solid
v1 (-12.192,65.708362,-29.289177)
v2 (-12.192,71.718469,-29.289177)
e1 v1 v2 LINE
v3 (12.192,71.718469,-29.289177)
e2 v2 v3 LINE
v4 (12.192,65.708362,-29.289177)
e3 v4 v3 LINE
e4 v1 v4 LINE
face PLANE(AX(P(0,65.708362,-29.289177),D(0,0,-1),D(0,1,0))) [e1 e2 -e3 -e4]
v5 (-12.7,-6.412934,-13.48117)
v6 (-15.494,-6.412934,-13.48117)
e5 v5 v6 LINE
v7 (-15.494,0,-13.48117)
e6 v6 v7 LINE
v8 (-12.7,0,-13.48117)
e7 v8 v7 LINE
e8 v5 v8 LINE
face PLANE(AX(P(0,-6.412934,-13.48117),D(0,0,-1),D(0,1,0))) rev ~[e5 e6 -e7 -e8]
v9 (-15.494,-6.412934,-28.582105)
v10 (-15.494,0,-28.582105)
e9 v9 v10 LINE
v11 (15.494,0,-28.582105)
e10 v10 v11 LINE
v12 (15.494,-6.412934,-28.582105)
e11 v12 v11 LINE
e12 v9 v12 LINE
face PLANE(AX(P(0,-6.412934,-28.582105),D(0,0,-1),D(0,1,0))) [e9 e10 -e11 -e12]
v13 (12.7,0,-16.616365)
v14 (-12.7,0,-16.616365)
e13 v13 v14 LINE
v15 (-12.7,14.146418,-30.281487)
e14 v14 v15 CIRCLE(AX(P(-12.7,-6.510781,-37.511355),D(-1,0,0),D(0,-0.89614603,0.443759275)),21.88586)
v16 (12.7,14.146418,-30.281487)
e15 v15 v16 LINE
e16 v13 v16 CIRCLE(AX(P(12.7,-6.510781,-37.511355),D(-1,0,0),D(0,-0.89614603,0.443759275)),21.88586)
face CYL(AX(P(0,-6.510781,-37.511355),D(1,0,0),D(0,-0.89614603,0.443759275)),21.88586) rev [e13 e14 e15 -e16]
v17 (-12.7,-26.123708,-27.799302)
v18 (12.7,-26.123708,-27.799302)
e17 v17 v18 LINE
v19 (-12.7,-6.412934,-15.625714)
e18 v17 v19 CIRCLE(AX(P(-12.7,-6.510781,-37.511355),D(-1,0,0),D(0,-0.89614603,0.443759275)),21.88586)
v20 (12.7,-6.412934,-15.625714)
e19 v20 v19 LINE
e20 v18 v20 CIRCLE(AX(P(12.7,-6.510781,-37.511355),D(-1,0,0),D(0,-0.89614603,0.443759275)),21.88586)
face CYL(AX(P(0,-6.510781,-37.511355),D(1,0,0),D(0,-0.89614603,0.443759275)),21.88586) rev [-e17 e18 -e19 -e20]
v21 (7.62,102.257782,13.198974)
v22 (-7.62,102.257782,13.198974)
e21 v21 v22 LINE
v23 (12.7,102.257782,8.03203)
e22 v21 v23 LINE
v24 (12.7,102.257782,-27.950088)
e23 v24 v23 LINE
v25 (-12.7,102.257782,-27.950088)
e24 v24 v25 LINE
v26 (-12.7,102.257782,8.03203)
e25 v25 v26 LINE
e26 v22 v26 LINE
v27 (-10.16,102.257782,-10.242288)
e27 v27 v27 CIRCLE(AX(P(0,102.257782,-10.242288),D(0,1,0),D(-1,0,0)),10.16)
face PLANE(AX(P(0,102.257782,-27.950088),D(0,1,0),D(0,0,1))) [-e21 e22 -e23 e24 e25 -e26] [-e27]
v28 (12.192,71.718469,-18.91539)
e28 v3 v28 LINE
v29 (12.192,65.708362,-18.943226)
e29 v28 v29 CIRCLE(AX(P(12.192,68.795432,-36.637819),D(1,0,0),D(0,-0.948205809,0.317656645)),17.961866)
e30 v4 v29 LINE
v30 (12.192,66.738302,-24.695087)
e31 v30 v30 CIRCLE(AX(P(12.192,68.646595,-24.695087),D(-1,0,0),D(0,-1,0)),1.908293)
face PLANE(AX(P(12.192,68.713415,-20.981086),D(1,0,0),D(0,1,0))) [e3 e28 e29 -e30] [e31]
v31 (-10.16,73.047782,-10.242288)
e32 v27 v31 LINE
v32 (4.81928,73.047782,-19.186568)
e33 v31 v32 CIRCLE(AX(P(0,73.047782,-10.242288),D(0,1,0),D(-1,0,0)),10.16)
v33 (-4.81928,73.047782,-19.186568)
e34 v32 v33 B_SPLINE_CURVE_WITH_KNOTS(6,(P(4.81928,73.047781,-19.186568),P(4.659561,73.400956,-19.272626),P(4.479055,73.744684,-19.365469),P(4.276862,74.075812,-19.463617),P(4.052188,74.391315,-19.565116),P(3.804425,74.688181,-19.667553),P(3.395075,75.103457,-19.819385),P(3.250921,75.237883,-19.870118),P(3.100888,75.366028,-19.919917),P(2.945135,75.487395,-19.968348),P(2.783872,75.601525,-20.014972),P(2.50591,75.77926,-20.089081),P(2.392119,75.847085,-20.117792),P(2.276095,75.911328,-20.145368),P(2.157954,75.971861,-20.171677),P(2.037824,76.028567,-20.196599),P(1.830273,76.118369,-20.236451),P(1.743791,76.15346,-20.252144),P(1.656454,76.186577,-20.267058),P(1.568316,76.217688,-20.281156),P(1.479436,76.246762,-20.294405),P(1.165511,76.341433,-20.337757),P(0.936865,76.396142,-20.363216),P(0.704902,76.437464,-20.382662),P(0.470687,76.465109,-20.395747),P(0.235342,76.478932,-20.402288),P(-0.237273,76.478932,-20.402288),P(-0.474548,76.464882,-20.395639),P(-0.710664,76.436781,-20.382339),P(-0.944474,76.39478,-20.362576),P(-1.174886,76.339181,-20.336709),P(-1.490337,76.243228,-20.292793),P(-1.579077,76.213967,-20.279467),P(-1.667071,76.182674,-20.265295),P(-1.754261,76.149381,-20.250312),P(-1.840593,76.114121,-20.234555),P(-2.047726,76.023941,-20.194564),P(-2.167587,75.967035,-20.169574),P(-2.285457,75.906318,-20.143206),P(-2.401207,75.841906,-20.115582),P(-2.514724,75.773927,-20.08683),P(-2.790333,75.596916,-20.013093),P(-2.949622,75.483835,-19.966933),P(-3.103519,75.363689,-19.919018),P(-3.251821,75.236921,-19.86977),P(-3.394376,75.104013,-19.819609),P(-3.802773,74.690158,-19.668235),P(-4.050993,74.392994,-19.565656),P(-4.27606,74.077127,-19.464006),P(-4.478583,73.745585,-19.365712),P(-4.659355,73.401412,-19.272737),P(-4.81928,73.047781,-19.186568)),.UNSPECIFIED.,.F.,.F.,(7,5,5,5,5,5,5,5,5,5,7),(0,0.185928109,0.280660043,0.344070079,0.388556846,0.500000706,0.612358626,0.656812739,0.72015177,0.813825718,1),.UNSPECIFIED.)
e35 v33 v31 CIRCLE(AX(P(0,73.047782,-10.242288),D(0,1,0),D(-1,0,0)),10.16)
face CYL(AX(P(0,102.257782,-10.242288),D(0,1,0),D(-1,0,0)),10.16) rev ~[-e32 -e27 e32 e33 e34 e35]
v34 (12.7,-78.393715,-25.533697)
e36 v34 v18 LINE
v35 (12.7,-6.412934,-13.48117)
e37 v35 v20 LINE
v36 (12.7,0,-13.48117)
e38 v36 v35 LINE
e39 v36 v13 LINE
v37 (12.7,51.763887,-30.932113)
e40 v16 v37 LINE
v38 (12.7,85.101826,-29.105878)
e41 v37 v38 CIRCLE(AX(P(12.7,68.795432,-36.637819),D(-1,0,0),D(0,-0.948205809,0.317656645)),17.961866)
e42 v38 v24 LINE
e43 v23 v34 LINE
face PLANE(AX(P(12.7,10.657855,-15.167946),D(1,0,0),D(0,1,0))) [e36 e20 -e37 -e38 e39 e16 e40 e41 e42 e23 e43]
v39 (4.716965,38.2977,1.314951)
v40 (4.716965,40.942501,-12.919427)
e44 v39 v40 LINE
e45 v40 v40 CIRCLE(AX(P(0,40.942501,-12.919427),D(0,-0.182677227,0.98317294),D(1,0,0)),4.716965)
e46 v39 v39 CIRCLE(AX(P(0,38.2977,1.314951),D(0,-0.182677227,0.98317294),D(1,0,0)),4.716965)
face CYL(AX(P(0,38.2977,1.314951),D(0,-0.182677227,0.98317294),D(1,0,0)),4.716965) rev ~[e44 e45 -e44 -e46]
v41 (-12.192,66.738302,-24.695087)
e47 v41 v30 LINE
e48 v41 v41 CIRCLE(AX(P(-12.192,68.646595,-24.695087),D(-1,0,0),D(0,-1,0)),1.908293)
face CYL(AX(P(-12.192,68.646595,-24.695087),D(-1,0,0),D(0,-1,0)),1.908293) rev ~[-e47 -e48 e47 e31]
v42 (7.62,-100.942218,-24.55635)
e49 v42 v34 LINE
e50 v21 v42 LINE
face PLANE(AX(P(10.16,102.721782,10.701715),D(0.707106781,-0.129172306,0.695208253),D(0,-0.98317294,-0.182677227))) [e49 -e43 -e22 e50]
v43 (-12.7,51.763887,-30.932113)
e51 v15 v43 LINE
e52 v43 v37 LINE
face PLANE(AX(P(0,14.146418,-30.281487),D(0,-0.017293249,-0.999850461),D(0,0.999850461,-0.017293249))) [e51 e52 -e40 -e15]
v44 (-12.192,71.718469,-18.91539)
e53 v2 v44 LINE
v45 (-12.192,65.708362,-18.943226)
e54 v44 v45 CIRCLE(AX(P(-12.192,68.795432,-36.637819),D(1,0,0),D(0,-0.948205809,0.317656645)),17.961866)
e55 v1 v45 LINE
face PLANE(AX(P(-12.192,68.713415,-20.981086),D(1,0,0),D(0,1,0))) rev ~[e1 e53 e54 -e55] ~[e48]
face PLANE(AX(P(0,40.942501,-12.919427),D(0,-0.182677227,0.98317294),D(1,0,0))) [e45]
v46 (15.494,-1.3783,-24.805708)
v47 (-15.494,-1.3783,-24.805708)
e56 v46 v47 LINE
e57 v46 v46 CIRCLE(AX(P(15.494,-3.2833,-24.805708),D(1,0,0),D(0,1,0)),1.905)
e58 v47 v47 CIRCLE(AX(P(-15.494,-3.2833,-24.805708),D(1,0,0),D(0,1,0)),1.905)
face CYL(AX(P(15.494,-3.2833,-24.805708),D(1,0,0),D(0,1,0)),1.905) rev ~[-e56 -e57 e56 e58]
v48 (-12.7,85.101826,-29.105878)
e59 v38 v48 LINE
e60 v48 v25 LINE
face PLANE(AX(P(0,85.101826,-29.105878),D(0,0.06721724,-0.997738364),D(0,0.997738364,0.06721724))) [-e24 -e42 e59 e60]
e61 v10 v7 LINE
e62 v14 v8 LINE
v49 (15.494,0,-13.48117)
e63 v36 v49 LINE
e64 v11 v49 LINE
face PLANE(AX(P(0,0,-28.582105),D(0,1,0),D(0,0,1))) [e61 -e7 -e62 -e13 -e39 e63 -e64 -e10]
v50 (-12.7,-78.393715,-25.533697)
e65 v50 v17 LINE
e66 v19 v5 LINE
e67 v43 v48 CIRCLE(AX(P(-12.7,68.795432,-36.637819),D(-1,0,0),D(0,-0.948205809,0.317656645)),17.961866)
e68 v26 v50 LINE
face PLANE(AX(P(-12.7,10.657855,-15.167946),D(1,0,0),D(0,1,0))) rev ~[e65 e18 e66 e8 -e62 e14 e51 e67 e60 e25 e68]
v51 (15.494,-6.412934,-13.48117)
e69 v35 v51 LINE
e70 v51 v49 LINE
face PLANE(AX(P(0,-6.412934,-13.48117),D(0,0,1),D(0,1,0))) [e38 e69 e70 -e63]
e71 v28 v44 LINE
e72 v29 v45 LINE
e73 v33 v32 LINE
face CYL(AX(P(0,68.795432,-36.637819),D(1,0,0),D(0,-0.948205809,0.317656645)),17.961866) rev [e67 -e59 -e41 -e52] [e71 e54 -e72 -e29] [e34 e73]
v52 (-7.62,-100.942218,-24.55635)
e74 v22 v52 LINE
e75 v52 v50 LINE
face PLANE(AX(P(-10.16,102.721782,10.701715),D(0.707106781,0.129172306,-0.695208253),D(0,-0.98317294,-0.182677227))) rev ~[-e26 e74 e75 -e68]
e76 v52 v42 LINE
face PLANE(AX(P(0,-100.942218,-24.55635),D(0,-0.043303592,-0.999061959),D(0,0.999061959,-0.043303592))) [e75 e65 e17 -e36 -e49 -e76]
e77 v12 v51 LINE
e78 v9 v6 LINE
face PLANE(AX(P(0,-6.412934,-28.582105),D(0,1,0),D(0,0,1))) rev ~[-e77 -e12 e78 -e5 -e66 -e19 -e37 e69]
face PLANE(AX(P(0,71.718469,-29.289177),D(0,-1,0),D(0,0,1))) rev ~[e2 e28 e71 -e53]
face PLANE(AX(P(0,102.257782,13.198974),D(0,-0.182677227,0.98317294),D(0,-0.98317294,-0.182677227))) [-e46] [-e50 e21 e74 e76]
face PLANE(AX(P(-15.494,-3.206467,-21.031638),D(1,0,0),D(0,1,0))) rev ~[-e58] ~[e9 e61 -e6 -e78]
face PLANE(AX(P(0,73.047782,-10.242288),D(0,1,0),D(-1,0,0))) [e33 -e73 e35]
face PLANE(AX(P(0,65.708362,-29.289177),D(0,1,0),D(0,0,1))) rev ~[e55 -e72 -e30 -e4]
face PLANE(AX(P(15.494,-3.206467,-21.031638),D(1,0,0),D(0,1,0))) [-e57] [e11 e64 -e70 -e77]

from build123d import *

# Parameters (mm, degrees)
F1_DEPTH       = 12.7
F1_DEPTH_BACK  = 12.7
F2_SIZE        = 5.08
F3_R           = 10.16
F4_DEPTH       = 29.21
F5_R           = 4.7169653767
F6_DEPTH       = 14.478
F7_W           = 6.4129335806
F7_H           = 15.100935474
F8_DEPTH       = 15.494
F8_DEPTH_BACK  = 15.494
F9_R           = 1.905
F10_DEPTH      = 39.878
F11_W          = 6.0101076961
F11_H          = 16.6161805391
F12_DEPTH      = 12.192
F12_DEPTH_BACK = 12.192
F13_R          = 1.9082928371
F14_DEPTH      = 25.4


with BuildPart() as f1:
    # F0 (on Right) → F1 (new body, two sides)
    with BuildSketch(Plane.YZ) as f1_sk:
        with BuildLine():
            Line((102.2577819586, 13.1989740504), (-100.9422180414, -24.5563495133))
            Line((-100.9422180414, -24.5563495133), (-26.1237075026, -27.7993018095))
            ThreePointArc((-26.1237075026, -27.7993018095), (-5.1643274907, -15.6669524817), (14.1464179811, -30.2814870284))
            Line((14.1464179811, -30.2814870284), (51.7638866865, -30.9321125706))
            ThreePointArc((51.7638866865, -30.9321125706), (67.8129634232, -18.702842322), (85.1018259738, -29.1058777742))
            Line((85.1018259738, -29.1058777742), (102.2577819586, -27.9500877853))
            Line((102.2577819586, -27.9500877853), (102.2577819586, 13.1989740504))
        make_face()
    extrude(amount=F1_DEPTH)
    extrude(f1_sk.sketch, amount=-F1_DEPTH_BACK)

    # F2
    f2_edges = [f1.edges().sort_by_distance(p)[0] for p in [
        (12.7, 0.657782, -5.678688),
        (-12.7, 0.657782, -5.678688),
    ]]
    chamfer(f2_edges, length=F2_SIZE)

    # F3 (on face) → F4 (cut)
    with BuildSketch(Plane(origin=(0, 102.2577819586, 0), x_dir=(-1, 0, 0), z_dir=(0, 1, 0))):
        with Locations((0, -10.2422883113)):
            Circle(F3_R)
    extrude(amount=-F4_DEPTH, mode=Mode.SUBTRACT)

    # F5 (on face) → F6 (cut)
    with BuildSketch(Plane(origin=(0, 1.041861913, -5.6073242327), x_dir=(1, 0, 0), z_dir=(0, -0.1826772268, 0.9831729404))):
        with Locations((0, 37.893474102)):
            Circle(F5_R)
    extrude(amount=-F6_DEPTH, mode=Mode.SUBTRACT)

    # F7 (on Right) → F8 (join, two sides)
    with BuildSketch(Plane.YZ) as f8_sk:
        with Locations((-3.2064667903, -21.0316376761)):
            Rectangle(F7_W, F7_H)
    extrude(amount=F8_DEPTH)
    extrude(f8_sk.sketch, amount=-F8_DEPTH_BACK)

    # F9 (on face) → F10 (cut)
    with BuildSketch(Plane.YZ.offset(15.494)):
        with Locations((-3.2832995057, -24.805707857)):
            Circle(F9_R)
    extrude(amount=-F10_DEPTH, mode=Mode.SUBTRACT)

    # F11 (on Right) → F12 (join, two sides)
    with BuildSketch(Plane.YZ) as f12_sk:
        with Locations((68.7134154141, -20.981086418)):
            Rectangle(F11_W, F11_H)
    extrude(amount=F12_DEPTH)
    extrude(f12_sk.sketch, amount=-F12_DEPTH_BACK)

    # F13 (on face) → F14 (cut)
    with BuildSketch(Plane(origin=(-12.192, 0, 0), x_dir=(0, -1, 0), z_dir=(-1, 0, 0))):
        with Locations((-68.646594882, -24.6950872242)):
            Circle(F13_R)
    extrude(amount=-F14_DEPTH, mode=Mode.SUBTRACT)


solid = f1.part
